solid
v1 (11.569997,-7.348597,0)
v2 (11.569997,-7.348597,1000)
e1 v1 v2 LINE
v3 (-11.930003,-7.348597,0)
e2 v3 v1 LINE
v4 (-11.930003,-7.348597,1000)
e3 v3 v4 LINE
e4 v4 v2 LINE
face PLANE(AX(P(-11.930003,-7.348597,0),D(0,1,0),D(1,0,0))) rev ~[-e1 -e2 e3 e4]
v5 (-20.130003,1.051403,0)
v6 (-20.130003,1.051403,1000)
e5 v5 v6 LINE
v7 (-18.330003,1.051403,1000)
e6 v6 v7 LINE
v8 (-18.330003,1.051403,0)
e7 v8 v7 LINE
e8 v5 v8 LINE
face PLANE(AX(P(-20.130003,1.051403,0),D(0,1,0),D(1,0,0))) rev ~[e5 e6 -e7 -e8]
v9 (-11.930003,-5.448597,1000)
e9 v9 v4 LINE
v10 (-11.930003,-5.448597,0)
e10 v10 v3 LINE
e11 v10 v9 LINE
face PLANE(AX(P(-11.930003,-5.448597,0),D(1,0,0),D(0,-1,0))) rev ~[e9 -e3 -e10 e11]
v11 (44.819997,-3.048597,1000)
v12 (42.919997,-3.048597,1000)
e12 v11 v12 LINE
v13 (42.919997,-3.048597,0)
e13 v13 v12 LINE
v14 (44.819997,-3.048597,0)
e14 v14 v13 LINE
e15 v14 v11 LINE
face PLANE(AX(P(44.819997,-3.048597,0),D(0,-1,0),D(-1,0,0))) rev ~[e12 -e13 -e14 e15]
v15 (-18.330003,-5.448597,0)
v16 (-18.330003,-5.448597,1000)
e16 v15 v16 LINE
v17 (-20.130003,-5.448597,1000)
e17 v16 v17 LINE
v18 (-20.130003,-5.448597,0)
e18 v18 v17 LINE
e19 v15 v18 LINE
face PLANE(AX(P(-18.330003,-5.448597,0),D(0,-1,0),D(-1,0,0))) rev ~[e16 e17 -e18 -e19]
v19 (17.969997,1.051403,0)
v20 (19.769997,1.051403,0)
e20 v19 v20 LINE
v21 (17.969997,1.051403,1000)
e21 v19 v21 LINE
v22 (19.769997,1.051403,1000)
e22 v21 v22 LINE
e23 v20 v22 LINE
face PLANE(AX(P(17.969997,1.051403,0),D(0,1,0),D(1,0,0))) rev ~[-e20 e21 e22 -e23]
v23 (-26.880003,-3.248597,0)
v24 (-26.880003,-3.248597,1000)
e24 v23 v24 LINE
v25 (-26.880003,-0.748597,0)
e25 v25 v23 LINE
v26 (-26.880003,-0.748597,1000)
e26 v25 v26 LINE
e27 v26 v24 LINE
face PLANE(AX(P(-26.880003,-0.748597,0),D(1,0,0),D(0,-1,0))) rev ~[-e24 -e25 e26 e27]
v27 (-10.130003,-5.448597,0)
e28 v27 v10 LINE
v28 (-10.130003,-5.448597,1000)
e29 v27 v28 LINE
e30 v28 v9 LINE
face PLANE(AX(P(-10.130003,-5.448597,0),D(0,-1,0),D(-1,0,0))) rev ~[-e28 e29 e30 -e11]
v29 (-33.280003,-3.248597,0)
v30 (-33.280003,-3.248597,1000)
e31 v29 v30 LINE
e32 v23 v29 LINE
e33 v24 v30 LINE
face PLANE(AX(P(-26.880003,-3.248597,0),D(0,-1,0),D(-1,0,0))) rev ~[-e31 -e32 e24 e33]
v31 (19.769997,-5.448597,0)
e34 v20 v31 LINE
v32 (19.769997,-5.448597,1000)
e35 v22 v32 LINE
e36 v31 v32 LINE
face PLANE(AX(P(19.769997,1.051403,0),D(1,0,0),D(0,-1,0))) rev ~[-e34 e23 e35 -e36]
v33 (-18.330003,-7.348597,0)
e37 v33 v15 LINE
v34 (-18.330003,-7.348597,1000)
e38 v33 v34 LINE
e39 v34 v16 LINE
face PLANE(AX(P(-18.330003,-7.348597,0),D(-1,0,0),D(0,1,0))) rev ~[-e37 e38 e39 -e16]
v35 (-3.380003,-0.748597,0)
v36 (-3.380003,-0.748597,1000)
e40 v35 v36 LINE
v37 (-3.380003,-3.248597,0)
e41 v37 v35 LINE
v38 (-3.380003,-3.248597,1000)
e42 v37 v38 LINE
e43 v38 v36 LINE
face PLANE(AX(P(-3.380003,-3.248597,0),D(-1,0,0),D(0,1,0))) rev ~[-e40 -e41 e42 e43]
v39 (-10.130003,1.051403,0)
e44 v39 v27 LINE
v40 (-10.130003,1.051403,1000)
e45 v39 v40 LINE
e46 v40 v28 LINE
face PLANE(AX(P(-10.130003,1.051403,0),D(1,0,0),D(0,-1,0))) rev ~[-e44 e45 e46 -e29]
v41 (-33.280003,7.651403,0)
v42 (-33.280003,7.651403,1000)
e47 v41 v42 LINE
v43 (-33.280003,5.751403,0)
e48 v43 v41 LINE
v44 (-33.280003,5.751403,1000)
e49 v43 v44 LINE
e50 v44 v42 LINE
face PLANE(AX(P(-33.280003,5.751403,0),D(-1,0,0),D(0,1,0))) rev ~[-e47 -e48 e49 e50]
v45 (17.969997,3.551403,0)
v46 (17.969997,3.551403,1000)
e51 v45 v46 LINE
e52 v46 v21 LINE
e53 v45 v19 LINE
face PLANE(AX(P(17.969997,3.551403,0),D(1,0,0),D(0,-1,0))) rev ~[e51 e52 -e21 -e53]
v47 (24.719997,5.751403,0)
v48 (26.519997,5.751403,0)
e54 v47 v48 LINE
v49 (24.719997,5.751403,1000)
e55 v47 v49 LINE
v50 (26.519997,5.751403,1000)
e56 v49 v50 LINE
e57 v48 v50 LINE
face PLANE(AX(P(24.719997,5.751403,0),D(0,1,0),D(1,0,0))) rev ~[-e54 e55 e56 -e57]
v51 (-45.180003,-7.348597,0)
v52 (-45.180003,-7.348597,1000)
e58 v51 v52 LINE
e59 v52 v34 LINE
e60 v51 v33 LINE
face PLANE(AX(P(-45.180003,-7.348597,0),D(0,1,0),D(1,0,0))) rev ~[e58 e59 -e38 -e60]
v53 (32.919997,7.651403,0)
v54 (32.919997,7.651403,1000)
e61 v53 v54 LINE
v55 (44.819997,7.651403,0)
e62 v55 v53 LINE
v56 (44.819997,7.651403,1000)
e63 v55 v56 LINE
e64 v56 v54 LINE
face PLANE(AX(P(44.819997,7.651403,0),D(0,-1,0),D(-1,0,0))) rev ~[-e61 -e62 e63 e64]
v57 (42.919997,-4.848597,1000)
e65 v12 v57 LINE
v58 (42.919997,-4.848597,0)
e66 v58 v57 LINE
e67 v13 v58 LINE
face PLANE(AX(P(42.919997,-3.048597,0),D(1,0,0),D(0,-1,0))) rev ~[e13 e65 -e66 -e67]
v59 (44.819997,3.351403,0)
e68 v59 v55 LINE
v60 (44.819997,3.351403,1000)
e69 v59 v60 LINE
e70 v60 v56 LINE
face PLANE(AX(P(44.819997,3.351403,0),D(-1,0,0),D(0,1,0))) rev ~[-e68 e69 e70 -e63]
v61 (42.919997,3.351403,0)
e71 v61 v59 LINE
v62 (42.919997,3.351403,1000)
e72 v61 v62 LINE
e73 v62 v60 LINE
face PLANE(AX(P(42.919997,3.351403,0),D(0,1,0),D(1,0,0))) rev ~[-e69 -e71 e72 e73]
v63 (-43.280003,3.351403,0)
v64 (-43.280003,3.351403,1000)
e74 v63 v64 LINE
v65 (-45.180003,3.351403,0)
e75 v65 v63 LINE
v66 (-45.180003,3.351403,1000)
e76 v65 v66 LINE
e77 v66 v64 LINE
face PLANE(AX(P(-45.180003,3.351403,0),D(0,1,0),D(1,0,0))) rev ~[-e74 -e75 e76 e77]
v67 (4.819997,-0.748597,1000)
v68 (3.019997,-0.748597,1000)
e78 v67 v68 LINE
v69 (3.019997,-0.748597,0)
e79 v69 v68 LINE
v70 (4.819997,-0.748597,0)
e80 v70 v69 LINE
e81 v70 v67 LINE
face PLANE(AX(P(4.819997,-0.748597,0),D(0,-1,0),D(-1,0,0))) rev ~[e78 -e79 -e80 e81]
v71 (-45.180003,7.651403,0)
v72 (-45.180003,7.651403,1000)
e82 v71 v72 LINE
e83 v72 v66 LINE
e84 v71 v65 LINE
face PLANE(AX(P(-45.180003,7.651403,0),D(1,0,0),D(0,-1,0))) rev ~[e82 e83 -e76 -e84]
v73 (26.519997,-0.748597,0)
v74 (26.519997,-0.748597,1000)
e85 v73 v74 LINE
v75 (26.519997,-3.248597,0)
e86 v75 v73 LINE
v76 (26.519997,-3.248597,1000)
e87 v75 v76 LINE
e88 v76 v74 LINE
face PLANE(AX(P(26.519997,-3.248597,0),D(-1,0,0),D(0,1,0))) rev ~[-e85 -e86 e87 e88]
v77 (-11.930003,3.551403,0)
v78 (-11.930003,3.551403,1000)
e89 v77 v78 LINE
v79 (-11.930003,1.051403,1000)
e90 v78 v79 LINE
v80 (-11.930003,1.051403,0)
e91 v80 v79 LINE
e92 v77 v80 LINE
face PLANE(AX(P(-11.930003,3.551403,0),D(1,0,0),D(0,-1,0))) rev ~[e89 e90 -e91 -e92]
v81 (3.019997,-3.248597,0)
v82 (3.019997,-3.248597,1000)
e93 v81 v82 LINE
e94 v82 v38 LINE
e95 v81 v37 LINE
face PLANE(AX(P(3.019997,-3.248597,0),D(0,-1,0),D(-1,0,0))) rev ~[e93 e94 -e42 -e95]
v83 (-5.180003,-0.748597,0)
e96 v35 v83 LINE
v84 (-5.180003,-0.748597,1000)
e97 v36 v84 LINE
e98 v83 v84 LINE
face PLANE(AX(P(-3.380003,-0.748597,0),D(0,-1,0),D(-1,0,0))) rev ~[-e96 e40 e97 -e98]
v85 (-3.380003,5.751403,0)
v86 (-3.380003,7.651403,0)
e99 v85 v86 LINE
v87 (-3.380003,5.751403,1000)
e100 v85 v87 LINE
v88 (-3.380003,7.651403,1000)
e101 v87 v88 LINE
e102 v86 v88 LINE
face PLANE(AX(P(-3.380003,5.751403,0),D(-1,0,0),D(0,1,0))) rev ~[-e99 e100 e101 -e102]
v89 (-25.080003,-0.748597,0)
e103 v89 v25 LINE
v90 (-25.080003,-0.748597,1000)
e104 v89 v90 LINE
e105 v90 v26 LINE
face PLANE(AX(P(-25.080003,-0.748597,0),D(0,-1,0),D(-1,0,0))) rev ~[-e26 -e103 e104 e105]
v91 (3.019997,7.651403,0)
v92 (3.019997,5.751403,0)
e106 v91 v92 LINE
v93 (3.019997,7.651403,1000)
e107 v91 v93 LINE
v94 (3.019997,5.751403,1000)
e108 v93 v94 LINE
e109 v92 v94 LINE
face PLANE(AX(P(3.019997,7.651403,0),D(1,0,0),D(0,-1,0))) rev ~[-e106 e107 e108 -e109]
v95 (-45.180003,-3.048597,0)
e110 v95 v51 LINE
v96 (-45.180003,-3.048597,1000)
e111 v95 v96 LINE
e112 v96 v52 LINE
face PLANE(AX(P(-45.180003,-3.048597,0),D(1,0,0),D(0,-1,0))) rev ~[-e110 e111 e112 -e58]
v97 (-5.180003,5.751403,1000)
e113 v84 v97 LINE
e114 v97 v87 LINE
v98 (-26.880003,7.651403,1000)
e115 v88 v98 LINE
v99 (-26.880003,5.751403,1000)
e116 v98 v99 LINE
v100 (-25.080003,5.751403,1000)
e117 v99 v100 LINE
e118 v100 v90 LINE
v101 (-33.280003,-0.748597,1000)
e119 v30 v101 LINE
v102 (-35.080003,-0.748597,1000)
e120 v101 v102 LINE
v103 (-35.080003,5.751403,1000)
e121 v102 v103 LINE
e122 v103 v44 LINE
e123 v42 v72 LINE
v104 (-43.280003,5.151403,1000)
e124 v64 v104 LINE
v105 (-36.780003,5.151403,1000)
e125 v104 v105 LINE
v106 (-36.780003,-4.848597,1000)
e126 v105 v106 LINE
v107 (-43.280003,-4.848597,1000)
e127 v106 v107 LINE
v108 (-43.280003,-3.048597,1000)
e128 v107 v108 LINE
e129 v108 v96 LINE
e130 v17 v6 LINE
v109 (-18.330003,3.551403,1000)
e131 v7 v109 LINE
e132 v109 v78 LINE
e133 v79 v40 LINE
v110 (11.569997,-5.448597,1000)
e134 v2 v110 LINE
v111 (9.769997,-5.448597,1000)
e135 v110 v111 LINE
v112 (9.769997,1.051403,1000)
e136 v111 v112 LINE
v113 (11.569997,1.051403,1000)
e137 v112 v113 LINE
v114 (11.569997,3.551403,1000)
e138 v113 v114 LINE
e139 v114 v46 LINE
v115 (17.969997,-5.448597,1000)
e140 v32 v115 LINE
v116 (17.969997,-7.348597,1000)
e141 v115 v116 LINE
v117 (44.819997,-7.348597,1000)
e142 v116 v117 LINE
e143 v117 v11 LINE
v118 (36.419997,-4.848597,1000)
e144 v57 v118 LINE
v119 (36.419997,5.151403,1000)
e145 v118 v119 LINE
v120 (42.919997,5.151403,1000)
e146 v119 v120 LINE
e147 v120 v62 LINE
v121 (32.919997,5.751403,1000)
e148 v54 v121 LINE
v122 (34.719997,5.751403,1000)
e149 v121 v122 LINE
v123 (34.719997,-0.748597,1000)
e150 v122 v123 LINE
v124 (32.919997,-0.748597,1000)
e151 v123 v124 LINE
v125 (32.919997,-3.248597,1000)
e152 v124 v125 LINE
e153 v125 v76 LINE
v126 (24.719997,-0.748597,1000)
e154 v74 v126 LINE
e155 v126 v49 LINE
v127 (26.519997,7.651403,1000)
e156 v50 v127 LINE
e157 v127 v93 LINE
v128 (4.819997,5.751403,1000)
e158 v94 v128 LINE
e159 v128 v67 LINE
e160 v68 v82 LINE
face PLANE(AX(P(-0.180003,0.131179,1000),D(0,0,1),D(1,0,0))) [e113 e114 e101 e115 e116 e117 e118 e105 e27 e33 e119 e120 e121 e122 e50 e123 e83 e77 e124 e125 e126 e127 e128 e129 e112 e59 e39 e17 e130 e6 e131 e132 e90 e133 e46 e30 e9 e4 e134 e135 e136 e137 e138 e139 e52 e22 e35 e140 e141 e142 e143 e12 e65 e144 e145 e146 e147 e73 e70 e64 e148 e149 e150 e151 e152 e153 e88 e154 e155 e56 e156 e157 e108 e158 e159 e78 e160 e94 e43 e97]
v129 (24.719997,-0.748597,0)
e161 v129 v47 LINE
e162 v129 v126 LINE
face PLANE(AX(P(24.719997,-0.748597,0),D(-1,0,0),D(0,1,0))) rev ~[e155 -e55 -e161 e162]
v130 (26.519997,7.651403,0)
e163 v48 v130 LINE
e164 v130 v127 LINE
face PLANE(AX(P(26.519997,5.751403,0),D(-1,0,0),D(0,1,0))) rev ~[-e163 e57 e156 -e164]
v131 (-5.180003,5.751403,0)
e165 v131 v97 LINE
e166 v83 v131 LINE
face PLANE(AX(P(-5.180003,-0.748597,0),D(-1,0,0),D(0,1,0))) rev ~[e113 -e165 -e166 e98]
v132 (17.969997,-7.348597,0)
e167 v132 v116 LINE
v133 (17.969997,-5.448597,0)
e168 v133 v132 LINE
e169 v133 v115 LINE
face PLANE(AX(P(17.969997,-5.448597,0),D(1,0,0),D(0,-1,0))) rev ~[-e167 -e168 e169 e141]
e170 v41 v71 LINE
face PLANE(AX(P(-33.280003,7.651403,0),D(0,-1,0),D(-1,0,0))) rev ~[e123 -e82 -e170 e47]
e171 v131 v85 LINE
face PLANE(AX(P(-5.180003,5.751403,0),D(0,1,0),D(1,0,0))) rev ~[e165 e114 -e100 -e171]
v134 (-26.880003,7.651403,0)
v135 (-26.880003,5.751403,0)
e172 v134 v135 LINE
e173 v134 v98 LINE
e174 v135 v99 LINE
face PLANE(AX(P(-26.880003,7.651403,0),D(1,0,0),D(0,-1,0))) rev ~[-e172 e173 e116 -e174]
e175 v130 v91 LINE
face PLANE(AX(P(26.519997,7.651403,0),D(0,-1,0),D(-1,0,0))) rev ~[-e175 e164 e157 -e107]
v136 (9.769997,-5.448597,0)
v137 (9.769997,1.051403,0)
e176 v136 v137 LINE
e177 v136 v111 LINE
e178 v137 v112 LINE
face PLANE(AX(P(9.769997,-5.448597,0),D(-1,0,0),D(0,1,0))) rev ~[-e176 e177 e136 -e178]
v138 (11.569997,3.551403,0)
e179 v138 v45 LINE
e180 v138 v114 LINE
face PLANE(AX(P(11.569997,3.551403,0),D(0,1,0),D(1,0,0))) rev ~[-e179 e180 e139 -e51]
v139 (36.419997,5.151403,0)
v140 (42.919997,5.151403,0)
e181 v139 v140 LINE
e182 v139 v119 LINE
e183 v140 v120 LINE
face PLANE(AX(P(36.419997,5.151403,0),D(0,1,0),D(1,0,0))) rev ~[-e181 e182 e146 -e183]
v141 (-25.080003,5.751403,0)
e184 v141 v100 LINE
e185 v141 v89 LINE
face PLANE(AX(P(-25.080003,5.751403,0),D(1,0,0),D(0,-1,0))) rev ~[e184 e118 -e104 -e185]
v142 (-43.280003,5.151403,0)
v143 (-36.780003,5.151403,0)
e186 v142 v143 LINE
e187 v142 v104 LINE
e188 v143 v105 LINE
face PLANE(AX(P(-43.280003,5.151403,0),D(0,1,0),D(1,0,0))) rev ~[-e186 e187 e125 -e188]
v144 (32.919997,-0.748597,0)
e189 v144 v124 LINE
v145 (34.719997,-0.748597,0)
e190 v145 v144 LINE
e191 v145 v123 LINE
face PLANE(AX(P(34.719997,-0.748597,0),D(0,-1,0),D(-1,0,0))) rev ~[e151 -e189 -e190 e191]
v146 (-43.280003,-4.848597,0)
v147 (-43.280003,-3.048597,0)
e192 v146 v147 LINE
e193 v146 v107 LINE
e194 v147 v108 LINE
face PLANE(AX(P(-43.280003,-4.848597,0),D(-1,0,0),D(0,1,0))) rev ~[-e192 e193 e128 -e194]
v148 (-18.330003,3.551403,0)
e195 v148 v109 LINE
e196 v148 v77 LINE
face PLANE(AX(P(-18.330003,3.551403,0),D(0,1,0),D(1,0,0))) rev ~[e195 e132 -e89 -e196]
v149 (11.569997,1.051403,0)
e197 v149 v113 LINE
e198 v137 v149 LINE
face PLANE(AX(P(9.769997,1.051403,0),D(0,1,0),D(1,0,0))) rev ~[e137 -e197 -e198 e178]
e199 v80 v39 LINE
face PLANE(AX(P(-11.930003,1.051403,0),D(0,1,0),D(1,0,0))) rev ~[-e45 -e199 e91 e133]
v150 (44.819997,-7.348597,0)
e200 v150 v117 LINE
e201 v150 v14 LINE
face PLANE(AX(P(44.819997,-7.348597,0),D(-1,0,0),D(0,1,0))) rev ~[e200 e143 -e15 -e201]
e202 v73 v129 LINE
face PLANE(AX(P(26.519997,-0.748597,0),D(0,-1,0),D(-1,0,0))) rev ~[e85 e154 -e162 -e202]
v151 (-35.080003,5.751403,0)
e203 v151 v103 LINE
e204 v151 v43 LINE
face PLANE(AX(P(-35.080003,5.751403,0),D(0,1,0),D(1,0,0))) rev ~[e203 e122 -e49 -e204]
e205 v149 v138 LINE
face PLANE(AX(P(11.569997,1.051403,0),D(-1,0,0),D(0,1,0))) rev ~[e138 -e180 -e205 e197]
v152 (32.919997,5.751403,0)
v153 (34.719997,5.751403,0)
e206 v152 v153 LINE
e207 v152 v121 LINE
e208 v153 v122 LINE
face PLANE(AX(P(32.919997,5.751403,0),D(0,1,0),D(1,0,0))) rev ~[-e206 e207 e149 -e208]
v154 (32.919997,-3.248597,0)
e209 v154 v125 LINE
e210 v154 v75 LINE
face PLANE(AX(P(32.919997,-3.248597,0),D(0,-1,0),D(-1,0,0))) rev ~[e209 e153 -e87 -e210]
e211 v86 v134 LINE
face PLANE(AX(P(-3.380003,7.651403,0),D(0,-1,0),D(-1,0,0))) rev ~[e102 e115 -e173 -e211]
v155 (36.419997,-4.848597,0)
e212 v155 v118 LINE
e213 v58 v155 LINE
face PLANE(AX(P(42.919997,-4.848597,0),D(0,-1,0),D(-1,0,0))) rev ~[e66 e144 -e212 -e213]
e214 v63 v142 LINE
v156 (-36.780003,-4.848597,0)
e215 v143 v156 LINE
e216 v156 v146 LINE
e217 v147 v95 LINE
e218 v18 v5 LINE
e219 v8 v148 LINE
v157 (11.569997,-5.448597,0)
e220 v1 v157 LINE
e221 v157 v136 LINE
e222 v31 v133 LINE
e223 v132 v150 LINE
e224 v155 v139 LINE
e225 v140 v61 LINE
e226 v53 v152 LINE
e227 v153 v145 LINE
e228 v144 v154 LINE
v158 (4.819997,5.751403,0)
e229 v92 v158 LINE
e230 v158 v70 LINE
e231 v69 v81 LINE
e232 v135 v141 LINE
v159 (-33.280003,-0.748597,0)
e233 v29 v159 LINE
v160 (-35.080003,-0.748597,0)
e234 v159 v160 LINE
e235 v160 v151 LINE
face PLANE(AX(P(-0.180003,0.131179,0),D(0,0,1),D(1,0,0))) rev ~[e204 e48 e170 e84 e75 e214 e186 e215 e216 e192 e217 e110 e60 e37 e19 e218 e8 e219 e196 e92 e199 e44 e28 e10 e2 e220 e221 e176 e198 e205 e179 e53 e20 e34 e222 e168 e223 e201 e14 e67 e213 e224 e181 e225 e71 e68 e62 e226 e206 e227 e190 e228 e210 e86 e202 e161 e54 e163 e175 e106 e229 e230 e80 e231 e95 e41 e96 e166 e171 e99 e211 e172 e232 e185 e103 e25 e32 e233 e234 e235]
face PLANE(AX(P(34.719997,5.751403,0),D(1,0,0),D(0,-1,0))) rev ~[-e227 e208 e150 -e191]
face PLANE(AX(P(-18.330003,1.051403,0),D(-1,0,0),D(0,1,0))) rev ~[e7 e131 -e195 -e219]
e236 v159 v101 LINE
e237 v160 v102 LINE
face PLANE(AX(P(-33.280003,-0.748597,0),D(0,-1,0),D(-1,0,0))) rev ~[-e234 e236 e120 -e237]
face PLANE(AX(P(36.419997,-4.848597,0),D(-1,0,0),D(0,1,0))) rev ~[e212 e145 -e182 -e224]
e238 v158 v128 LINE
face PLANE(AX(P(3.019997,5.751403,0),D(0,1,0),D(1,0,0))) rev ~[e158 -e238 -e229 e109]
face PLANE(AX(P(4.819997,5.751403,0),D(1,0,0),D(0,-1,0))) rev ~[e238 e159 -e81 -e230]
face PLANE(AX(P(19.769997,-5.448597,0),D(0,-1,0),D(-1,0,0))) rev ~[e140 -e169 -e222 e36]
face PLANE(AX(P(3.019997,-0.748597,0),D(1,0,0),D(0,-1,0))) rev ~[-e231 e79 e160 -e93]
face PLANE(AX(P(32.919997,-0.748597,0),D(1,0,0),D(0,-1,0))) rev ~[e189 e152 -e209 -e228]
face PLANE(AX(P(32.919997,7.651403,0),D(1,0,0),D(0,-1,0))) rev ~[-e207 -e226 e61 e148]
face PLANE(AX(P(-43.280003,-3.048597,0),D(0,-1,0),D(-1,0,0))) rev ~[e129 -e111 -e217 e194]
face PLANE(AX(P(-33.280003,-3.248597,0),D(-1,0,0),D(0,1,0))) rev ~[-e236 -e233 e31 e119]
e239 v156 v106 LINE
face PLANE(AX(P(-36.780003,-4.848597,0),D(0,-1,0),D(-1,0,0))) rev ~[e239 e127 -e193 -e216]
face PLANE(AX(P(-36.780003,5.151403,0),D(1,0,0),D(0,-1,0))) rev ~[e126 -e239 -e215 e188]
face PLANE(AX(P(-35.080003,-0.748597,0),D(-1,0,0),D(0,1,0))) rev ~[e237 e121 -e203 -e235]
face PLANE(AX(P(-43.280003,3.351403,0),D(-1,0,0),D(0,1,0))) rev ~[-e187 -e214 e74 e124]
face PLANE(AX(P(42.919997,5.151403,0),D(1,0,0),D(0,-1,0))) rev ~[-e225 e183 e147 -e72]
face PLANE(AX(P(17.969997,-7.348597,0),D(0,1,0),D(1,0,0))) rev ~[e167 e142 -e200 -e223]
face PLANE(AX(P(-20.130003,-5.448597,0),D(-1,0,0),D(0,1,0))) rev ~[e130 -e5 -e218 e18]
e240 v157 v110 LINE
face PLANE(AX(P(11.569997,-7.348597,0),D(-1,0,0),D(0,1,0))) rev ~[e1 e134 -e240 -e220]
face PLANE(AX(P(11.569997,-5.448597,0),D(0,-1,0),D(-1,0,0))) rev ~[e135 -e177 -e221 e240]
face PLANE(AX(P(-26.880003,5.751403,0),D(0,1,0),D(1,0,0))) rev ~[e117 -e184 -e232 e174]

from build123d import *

# Parameters (mm, degrees)
EXTRUDE_1_DEPTH = 1000


with BuildPart() as part:
    # 草图1 → 凸台-拉伸1 (new body)
    with BuildSketch(Plane.XY):
        Polygon((-20.130003001, 1.051402525), (-18.330003001, 1.051402525), (-18.330003001, 3.551402525), (-11.930003001, 3.551402525), (-11.930003001, 1.051402525), (-10.130003001, 1.051402525), (-10.130003001, -5.448597475), (-11.930003001, -5.448597475), (-11.930003001, -7.348597475), (11.569996999, -7.348597475), (11.569996999, -5.448597475), (9.769996999, -5.448597475), (9.769996999, 1.051402525), (11.569996999, 1.051402525), (11.569996999, 3.551402525), (17.969996999, 3.551402525), (17.969996999, 1.051402525), (19.769996999, 1.051402525), (19.769996999, -5.448597475), (17.969996999, -5.448597475), (17.969996999, -7.348597475), (44.819996999, -7.348597475), (44.819996999, -3.048597475), (42.919996999, -3.048597475), (42.919996999, -4.848597475), (36.419996999, -4.848597475), (36.419996999, 5.151402525), (42.919996999, 5.151402525), (42.919996999, 3.351402525), (44.819996999, 3.351402525), (44.819996999, 7.651402525), (32.919996999, 7.651402525), (32.919996999, 5.751402525), (34.719996999, 5.751402525), (34.719996999, -0.748597475), (32.919996999, -0.748597475), (32.919996999, -3.248597475), (26.519996999, -3.248597475), (26.519996999, -0.748597475), (24.719996999, -0.748597475), (24.719996999, 5.751402525), (26.519996999, 5.751402525), (26.519996999, 7.651402525), (3.019996999, 7.651402525), (3.019996999, 5.751402525), (4.819996999, 5.751402525), (4.819996999, -0.748597475), (3.019996999, -0.748597475), (3.019996999, -3.248597475), (-3.380003001, -3.248597475), (-3.380003001, -0.748597475), (-5.180003001, -0.748597475), (-5.180003001, 5.751402525), (-3.380003001, 5.751402525), (-3.380003001, 7.651402525), (-26.880003001, 7.651402525), (-26.880003001, 5.751402525), (-25.080003001, 5.751402525), (-25.080003001, -0.748597475), (-26.880003001, -0.748597475), (-26.880003001, -3.248597475), (-33.280003001, -3.248597475), (-33.280003001, -0.748597475), (-35.080003001, -0.748597475), (-35.080003001, 5.751402525), (-33.280003001, 5.751402525), (-33.280003001, 7.651402525), (-45.180003001, 7.651402525), (-45.180003001, 3.351402525), (-43.280003001, 3.351402525), (-43.280003001, 5.151402525), (-36.780003001, 5.151402525), (-36.780003001, -4.848597475), (-43.280003001, -4.848597475), (-43.280003001, -3.048597475), (-45.180003001, -3.048597475), (-45.180003001, -7.348597475), (-18.330003001, -7.348597475), (-18.330003001, -5.448597475), (-20.130003001, -5.448597475), align=None)
    extrude(amount=EXTRUDE_1_DEPTH)


solid = part.part
